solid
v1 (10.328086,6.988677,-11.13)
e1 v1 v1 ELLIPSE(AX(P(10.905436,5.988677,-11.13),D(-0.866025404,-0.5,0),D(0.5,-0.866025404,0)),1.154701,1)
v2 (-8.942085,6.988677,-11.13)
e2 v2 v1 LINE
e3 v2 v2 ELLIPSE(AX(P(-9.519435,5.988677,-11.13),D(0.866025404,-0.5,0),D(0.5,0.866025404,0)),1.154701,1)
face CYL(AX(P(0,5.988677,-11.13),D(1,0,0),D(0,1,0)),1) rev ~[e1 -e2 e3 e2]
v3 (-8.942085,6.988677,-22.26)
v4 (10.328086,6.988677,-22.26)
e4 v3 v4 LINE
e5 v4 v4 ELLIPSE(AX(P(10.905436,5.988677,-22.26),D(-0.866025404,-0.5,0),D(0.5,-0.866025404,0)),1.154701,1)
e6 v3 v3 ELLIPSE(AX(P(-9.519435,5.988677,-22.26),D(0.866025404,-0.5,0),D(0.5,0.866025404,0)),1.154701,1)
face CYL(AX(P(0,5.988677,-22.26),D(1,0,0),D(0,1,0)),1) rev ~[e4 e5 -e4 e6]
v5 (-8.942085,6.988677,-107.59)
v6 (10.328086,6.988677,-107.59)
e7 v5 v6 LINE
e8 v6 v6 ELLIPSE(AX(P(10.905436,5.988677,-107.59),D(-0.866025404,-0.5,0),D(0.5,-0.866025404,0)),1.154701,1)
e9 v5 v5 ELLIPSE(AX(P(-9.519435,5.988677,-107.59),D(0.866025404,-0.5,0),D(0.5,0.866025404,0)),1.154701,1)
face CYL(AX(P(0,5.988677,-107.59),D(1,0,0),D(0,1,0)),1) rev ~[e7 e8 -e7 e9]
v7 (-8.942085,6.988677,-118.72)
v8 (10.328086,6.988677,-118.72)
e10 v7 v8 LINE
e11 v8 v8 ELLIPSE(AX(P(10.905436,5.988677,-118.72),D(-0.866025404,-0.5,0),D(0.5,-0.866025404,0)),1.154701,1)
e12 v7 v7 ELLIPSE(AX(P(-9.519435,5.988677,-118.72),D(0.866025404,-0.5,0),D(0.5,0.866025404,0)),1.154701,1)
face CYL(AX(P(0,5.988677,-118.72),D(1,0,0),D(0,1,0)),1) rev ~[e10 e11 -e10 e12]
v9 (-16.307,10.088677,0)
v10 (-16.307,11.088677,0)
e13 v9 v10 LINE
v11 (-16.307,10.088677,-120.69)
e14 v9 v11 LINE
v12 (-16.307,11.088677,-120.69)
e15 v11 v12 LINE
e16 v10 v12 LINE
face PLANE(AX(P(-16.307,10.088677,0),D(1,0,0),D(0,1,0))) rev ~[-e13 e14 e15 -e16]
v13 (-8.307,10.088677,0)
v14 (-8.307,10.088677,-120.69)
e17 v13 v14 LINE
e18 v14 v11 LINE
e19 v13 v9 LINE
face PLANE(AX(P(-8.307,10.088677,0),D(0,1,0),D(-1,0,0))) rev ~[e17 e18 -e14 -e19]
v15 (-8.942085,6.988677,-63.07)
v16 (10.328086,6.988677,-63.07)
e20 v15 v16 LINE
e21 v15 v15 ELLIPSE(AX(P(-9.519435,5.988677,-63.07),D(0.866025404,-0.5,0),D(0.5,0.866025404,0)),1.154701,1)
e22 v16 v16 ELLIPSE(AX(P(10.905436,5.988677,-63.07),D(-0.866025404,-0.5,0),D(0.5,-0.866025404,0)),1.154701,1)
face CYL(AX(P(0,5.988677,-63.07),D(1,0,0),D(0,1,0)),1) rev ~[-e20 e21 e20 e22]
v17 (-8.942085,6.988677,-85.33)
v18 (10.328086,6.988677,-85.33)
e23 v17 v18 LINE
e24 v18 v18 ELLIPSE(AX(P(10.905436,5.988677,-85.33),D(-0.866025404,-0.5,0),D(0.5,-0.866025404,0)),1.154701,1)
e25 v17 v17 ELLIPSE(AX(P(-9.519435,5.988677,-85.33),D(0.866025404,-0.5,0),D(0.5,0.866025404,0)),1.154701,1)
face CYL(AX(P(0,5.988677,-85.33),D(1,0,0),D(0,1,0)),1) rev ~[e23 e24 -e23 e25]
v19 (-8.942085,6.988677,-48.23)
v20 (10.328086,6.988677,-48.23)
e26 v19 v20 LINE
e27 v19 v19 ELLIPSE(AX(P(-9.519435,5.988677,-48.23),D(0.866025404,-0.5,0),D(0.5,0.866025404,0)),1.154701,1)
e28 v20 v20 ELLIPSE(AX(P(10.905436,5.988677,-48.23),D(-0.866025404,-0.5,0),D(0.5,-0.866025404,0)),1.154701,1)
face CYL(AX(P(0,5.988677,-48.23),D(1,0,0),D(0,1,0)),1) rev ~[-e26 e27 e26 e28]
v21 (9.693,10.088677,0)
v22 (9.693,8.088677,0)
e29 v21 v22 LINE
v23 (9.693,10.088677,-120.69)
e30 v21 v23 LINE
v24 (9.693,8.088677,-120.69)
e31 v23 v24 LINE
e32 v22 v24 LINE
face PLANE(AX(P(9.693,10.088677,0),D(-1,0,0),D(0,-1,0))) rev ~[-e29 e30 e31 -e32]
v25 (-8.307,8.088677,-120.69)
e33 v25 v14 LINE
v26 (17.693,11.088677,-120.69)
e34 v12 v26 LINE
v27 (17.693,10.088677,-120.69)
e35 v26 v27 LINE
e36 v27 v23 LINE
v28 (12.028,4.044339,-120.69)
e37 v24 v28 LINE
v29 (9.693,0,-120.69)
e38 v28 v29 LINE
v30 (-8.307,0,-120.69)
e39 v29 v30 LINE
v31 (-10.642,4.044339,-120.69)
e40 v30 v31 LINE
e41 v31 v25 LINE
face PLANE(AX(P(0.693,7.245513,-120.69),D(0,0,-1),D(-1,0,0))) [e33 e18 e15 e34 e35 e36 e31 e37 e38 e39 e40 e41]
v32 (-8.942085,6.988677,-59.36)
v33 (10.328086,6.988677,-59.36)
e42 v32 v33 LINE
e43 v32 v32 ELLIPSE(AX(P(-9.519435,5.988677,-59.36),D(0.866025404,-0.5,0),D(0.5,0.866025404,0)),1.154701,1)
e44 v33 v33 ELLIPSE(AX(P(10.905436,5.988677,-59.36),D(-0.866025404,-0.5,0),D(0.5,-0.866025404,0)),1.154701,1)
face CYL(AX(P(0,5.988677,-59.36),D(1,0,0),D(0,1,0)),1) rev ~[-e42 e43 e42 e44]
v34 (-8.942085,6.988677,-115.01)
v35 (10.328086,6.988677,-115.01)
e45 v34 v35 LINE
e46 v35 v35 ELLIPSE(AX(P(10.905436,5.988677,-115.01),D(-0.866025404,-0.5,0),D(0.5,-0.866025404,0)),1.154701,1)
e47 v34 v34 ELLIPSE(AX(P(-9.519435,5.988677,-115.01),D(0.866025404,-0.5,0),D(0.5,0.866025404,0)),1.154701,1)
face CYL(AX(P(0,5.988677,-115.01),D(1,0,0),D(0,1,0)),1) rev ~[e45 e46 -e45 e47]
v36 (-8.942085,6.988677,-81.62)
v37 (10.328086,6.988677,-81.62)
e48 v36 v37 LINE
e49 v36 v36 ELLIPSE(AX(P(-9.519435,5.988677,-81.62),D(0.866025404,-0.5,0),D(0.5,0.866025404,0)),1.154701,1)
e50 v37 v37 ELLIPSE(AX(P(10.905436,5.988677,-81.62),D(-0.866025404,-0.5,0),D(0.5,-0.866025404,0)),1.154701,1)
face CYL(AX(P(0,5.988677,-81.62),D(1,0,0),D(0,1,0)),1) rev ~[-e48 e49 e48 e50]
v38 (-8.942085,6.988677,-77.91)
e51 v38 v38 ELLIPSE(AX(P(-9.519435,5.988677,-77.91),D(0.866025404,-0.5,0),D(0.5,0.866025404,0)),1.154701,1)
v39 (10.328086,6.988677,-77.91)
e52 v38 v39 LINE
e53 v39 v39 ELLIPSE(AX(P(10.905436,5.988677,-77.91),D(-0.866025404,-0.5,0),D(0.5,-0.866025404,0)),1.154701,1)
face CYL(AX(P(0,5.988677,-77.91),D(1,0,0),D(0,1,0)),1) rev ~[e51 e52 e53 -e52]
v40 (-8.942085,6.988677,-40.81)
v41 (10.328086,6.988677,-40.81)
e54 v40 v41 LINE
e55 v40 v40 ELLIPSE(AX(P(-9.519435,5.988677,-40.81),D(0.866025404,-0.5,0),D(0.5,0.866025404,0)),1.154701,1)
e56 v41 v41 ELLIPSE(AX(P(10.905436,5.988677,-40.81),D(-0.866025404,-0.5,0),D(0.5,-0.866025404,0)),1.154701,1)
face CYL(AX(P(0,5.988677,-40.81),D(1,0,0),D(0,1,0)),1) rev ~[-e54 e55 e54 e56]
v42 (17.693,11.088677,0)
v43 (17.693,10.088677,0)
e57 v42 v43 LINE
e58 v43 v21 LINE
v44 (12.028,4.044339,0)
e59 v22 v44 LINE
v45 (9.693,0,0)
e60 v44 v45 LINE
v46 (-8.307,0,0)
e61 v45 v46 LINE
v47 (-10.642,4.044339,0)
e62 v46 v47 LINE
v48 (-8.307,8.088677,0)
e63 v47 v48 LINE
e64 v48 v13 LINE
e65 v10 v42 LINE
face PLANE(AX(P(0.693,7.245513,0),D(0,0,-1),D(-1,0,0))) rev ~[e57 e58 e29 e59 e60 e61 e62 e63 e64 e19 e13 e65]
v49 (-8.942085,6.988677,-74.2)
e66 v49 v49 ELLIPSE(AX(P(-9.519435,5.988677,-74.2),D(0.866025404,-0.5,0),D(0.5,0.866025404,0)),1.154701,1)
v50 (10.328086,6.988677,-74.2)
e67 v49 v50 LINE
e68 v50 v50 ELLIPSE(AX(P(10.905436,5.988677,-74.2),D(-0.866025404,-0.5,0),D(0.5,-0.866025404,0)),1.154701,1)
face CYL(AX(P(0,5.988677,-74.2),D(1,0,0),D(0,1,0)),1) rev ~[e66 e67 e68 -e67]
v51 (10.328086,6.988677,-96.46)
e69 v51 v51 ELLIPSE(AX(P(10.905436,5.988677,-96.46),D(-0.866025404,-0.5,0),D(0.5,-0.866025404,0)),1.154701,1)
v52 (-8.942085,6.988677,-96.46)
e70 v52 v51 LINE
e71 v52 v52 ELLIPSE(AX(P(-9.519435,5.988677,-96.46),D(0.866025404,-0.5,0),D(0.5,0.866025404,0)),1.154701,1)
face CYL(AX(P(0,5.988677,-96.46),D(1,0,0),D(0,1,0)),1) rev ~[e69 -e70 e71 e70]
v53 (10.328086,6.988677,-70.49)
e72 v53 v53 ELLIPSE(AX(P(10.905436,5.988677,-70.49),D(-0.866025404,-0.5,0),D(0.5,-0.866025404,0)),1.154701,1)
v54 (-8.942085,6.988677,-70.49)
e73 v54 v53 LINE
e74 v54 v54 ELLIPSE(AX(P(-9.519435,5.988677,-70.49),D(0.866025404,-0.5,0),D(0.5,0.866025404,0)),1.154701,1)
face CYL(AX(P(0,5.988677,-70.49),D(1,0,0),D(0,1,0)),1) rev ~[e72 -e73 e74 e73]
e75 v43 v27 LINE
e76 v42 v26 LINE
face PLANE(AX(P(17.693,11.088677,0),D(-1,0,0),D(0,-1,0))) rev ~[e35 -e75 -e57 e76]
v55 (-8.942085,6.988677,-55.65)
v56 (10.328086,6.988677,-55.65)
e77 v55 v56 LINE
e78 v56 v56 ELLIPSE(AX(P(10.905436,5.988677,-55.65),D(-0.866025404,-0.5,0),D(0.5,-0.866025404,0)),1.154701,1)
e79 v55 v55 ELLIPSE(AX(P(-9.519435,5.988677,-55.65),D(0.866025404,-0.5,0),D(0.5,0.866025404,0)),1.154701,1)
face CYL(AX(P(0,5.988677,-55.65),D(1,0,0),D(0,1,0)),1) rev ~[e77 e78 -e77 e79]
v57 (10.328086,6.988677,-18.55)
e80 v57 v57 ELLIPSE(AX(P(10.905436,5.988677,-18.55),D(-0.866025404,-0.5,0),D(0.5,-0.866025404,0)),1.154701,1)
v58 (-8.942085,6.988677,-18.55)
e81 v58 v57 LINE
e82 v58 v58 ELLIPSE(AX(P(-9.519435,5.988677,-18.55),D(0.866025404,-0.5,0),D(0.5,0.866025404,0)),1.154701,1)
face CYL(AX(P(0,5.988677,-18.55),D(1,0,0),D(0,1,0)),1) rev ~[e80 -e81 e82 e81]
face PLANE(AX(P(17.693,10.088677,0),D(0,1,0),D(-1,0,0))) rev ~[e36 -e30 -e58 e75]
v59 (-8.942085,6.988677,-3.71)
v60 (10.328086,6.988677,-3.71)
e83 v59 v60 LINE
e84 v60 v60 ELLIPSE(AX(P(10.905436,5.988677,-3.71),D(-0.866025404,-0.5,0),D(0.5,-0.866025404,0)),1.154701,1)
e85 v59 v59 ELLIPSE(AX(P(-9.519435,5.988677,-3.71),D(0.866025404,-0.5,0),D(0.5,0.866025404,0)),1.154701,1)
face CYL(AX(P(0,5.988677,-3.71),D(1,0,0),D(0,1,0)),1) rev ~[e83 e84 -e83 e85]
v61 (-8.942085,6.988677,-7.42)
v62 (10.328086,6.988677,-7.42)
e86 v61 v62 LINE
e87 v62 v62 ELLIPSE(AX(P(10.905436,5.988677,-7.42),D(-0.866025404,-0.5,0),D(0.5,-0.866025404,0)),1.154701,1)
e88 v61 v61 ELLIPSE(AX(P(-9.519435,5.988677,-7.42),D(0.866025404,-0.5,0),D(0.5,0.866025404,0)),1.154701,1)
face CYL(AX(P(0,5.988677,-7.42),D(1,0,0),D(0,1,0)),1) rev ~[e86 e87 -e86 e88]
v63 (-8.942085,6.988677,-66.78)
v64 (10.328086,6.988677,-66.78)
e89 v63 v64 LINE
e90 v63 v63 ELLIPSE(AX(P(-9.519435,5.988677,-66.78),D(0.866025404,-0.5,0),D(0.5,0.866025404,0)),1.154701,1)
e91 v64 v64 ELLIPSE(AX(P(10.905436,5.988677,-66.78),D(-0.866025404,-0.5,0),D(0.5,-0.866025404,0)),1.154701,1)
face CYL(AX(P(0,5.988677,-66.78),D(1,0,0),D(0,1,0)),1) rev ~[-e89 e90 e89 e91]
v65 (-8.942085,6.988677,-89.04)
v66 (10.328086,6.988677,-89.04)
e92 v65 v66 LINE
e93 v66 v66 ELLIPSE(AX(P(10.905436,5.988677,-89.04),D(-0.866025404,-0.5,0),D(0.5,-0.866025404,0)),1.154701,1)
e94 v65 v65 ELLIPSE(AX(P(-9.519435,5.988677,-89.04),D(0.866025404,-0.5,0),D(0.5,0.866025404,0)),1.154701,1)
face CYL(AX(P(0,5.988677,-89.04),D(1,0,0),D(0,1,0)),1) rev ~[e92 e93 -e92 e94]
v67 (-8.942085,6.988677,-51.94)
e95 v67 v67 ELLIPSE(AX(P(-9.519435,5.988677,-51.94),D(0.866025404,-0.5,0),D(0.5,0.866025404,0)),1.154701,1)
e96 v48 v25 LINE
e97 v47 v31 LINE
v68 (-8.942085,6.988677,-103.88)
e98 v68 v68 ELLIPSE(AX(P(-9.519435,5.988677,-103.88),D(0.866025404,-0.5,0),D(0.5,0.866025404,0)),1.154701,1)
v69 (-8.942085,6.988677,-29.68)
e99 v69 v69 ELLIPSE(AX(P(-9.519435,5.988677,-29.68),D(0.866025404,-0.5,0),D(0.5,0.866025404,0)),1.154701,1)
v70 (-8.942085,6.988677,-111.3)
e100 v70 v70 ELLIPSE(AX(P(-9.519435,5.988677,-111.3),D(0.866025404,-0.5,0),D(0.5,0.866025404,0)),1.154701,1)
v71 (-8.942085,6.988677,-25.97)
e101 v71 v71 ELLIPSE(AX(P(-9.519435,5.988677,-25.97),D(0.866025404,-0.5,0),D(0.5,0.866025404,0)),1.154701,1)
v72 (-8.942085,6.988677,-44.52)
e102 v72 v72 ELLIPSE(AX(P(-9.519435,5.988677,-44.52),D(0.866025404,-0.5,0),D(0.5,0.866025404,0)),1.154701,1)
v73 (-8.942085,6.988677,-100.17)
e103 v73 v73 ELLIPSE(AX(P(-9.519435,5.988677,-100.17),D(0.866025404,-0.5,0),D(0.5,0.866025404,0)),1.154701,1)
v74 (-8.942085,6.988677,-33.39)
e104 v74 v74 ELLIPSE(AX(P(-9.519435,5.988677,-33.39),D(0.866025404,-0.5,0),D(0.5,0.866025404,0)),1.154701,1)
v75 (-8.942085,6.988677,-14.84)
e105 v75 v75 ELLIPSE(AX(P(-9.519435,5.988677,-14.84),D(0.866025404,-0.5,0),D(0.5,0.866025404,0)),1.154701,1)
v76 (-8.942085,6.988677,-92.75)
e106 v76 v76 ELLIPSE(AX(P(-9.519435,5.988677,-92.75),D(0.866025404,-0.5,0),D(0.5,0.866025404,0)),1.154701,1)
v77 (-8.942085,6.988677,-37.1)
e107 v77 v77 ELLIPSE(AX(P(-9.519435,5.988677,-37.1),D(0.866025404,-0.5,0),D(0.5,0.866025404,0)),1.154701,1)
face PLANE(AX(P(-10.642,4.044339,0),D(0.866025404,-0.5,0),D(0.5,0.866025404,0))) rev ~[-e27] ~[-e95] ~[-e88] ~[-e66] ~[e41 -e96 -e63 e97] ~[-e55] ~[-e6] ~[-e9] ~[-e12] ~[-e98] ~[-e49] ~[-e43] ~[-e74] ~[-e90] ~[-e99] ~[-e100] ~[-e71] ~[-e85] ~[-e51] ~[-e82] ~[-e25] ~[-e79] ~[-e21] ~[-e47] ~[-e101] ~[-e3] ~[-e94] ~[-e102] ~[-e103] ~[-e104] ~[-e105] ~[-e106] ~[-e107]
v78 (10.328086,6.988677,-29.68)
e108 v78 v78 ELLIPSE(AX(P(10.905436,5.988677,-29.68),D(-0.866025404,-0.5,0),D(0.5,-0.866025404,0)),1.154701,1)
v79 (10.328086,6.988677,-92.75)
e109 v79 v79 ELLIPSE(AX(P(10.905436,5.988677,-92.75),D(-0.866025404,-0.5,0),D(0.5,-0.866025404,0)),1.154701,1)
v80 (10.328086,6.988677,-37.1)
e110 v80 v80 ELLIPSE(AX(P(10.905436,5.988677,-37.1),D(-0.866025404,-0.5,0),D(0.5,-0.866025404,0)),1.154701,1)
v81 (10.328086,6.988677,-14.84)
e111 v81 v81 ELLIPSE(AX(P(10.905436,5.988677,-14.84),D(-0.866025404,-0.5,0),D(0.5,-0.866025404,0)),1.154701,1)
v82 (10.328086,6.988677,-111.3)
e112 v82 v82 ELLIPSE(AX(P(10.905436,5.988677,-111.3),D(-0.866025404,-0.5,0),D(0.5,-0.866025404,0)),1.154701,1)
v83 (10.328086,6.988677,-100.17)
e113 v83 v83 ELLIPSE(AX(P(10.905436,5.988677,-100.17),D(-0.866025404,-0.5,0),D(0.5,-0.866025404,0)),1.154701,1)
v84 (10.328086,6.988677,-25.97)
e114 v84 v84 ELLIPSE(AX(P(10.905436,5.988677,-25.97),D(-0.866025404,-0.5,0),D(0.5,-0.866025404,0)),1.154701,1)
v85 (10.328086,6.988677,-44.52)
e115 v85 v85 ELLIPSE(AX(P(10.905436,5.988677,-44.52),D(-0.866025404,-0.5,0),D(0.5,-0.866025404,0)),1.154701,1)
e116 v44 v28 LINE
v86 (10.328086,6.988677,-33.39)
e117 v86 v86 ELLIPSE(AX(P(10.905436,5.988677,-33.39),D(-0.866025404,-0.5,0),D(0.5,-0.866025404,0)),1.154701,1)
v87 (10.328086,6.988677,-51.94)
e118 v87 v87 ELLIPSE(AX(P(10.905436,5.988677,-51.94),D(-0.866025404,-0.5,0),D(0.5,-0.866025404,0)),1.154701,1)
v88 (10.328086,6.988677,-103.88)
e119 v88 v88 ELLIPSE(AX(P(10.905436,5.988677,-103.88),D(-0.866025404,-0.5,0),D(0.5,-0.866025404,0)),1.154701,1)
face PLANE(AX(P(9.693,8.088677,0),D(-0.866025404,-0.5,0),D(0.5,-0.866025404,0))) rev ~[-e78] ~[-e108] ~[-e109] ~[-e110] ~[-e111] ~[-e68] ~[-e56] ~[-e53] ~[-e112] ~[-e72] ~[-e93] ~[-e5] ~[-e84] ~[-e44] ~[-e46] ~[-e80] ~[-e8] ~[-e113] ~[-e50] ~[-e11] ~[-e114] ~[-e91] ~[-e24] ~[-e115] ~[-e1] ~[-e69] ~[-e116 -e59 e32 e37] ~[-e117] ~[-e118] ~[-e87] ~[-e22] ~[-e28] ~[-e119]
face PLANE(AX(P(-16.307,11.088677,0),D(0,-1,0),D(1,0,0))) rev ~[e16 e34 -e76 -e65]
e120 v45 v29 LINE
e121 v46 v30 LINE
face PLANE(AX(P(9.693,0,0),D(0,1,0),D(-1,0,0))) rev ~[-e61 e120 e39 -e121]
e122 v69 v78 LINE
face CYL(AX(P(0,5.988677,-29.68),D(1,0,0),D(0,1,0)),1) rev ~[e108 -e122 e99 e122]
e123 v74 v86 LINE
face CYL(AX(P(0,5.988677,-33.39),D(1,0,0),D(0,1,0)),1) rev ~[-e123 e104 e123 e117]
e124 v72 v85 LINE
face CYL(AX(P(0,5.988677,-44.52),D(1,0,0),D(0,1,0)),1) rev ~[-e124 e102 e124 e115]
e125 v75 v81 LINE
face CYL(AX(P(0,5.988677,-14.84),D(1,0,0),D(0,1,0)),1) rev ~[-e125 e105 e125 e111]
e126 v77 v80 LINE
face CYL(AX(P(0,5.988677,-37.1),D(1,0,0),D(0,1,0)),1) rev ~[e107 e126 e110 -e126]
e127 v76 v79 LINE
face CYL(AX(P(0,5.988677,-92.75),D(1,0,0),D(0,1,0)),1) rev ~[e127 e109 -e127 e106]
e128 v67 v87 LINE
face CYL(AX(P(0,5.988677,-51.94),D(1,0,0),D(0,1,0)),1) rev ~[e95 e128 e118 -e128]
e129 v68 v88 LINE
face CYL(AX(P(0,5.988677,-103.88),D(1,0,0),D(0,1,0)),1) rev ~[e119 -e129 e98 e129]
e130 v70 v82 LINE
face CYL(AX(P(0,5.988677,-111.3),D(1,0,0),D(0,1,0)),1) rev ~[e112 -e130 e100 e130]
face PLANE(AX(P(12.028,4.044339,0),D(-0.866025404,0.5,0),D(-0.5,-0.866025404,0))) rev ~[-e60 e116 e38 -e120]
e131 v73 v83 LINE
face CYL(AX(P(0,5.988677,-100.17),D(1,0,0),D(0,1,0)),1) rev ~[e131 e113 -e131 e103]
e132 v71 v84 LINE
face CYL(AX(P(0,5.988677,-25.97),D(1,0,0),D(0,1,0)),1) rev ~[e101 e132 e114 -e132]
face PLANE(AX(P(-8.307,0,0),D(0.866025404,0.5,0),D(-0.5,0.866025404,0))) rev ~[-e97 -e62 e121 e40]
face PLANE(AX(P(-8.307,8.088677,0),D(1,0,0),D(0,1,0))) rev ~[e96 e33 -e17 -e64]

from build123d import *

# Parameters (mm, degrees)
BOSS_EXTRUDE1_DEPTH = 120.69
SKETCH2_R           = 1
CUT_EXTRUDE1_DEPTH  = 123.482966683
LPATTERN1_COUNT     = 32
LPATTERN1_PITCH     = 3.71


with BuildPart() as part:
    # Sketch1 → Boss-Extrude1 (new body)
    with BuildSketch(Plane.XY):
        Polygon((9.693000417, 0), (-8.306999583, 0), (-10.641999583, 4.044338636), (-8.306999583, 8.088677271), (-8.306999583, 10.088677271), (-16.306999583, 10.088677271), (-16.306999583, 11.088677271), (17.693000417, 11.088677271), (17.693000417, 10.088677271), (9.693000417, 10.088677271), (9.693000417, 8.088677271), (12.028000417, 4.044338636), align=None)
    extrude(amount=-BOSS_EXTRUDE1_DEPTH)

    # Sketch2 → Cut-Extrude1 (cut, symmetric)
    with BuildSketch(Plane(origin=(0, 0, 0), x_dir=(0, 0, -1), z_dir=(1, 0, 0))):
        with Locations(Location((3.71, 5.988677271, 0), (0, 0, 90))):
            Circle(SKETCH2_R)
    cut_extrude1 = extrude(amount=CUT_EXTRUDE1_DEPTH, both=True, mode=Mode.SUBTRACT)

    # LPattern1: Cut-Extrude1 ×32
    with Locations(*[(0, 0, -i * LPATTERN1_PITCH) for i in range(1, LPATTERN1_COUNT)]):
        add(cut_extrude1, mode=Mode.SUBTRACT)


solid = part.part
